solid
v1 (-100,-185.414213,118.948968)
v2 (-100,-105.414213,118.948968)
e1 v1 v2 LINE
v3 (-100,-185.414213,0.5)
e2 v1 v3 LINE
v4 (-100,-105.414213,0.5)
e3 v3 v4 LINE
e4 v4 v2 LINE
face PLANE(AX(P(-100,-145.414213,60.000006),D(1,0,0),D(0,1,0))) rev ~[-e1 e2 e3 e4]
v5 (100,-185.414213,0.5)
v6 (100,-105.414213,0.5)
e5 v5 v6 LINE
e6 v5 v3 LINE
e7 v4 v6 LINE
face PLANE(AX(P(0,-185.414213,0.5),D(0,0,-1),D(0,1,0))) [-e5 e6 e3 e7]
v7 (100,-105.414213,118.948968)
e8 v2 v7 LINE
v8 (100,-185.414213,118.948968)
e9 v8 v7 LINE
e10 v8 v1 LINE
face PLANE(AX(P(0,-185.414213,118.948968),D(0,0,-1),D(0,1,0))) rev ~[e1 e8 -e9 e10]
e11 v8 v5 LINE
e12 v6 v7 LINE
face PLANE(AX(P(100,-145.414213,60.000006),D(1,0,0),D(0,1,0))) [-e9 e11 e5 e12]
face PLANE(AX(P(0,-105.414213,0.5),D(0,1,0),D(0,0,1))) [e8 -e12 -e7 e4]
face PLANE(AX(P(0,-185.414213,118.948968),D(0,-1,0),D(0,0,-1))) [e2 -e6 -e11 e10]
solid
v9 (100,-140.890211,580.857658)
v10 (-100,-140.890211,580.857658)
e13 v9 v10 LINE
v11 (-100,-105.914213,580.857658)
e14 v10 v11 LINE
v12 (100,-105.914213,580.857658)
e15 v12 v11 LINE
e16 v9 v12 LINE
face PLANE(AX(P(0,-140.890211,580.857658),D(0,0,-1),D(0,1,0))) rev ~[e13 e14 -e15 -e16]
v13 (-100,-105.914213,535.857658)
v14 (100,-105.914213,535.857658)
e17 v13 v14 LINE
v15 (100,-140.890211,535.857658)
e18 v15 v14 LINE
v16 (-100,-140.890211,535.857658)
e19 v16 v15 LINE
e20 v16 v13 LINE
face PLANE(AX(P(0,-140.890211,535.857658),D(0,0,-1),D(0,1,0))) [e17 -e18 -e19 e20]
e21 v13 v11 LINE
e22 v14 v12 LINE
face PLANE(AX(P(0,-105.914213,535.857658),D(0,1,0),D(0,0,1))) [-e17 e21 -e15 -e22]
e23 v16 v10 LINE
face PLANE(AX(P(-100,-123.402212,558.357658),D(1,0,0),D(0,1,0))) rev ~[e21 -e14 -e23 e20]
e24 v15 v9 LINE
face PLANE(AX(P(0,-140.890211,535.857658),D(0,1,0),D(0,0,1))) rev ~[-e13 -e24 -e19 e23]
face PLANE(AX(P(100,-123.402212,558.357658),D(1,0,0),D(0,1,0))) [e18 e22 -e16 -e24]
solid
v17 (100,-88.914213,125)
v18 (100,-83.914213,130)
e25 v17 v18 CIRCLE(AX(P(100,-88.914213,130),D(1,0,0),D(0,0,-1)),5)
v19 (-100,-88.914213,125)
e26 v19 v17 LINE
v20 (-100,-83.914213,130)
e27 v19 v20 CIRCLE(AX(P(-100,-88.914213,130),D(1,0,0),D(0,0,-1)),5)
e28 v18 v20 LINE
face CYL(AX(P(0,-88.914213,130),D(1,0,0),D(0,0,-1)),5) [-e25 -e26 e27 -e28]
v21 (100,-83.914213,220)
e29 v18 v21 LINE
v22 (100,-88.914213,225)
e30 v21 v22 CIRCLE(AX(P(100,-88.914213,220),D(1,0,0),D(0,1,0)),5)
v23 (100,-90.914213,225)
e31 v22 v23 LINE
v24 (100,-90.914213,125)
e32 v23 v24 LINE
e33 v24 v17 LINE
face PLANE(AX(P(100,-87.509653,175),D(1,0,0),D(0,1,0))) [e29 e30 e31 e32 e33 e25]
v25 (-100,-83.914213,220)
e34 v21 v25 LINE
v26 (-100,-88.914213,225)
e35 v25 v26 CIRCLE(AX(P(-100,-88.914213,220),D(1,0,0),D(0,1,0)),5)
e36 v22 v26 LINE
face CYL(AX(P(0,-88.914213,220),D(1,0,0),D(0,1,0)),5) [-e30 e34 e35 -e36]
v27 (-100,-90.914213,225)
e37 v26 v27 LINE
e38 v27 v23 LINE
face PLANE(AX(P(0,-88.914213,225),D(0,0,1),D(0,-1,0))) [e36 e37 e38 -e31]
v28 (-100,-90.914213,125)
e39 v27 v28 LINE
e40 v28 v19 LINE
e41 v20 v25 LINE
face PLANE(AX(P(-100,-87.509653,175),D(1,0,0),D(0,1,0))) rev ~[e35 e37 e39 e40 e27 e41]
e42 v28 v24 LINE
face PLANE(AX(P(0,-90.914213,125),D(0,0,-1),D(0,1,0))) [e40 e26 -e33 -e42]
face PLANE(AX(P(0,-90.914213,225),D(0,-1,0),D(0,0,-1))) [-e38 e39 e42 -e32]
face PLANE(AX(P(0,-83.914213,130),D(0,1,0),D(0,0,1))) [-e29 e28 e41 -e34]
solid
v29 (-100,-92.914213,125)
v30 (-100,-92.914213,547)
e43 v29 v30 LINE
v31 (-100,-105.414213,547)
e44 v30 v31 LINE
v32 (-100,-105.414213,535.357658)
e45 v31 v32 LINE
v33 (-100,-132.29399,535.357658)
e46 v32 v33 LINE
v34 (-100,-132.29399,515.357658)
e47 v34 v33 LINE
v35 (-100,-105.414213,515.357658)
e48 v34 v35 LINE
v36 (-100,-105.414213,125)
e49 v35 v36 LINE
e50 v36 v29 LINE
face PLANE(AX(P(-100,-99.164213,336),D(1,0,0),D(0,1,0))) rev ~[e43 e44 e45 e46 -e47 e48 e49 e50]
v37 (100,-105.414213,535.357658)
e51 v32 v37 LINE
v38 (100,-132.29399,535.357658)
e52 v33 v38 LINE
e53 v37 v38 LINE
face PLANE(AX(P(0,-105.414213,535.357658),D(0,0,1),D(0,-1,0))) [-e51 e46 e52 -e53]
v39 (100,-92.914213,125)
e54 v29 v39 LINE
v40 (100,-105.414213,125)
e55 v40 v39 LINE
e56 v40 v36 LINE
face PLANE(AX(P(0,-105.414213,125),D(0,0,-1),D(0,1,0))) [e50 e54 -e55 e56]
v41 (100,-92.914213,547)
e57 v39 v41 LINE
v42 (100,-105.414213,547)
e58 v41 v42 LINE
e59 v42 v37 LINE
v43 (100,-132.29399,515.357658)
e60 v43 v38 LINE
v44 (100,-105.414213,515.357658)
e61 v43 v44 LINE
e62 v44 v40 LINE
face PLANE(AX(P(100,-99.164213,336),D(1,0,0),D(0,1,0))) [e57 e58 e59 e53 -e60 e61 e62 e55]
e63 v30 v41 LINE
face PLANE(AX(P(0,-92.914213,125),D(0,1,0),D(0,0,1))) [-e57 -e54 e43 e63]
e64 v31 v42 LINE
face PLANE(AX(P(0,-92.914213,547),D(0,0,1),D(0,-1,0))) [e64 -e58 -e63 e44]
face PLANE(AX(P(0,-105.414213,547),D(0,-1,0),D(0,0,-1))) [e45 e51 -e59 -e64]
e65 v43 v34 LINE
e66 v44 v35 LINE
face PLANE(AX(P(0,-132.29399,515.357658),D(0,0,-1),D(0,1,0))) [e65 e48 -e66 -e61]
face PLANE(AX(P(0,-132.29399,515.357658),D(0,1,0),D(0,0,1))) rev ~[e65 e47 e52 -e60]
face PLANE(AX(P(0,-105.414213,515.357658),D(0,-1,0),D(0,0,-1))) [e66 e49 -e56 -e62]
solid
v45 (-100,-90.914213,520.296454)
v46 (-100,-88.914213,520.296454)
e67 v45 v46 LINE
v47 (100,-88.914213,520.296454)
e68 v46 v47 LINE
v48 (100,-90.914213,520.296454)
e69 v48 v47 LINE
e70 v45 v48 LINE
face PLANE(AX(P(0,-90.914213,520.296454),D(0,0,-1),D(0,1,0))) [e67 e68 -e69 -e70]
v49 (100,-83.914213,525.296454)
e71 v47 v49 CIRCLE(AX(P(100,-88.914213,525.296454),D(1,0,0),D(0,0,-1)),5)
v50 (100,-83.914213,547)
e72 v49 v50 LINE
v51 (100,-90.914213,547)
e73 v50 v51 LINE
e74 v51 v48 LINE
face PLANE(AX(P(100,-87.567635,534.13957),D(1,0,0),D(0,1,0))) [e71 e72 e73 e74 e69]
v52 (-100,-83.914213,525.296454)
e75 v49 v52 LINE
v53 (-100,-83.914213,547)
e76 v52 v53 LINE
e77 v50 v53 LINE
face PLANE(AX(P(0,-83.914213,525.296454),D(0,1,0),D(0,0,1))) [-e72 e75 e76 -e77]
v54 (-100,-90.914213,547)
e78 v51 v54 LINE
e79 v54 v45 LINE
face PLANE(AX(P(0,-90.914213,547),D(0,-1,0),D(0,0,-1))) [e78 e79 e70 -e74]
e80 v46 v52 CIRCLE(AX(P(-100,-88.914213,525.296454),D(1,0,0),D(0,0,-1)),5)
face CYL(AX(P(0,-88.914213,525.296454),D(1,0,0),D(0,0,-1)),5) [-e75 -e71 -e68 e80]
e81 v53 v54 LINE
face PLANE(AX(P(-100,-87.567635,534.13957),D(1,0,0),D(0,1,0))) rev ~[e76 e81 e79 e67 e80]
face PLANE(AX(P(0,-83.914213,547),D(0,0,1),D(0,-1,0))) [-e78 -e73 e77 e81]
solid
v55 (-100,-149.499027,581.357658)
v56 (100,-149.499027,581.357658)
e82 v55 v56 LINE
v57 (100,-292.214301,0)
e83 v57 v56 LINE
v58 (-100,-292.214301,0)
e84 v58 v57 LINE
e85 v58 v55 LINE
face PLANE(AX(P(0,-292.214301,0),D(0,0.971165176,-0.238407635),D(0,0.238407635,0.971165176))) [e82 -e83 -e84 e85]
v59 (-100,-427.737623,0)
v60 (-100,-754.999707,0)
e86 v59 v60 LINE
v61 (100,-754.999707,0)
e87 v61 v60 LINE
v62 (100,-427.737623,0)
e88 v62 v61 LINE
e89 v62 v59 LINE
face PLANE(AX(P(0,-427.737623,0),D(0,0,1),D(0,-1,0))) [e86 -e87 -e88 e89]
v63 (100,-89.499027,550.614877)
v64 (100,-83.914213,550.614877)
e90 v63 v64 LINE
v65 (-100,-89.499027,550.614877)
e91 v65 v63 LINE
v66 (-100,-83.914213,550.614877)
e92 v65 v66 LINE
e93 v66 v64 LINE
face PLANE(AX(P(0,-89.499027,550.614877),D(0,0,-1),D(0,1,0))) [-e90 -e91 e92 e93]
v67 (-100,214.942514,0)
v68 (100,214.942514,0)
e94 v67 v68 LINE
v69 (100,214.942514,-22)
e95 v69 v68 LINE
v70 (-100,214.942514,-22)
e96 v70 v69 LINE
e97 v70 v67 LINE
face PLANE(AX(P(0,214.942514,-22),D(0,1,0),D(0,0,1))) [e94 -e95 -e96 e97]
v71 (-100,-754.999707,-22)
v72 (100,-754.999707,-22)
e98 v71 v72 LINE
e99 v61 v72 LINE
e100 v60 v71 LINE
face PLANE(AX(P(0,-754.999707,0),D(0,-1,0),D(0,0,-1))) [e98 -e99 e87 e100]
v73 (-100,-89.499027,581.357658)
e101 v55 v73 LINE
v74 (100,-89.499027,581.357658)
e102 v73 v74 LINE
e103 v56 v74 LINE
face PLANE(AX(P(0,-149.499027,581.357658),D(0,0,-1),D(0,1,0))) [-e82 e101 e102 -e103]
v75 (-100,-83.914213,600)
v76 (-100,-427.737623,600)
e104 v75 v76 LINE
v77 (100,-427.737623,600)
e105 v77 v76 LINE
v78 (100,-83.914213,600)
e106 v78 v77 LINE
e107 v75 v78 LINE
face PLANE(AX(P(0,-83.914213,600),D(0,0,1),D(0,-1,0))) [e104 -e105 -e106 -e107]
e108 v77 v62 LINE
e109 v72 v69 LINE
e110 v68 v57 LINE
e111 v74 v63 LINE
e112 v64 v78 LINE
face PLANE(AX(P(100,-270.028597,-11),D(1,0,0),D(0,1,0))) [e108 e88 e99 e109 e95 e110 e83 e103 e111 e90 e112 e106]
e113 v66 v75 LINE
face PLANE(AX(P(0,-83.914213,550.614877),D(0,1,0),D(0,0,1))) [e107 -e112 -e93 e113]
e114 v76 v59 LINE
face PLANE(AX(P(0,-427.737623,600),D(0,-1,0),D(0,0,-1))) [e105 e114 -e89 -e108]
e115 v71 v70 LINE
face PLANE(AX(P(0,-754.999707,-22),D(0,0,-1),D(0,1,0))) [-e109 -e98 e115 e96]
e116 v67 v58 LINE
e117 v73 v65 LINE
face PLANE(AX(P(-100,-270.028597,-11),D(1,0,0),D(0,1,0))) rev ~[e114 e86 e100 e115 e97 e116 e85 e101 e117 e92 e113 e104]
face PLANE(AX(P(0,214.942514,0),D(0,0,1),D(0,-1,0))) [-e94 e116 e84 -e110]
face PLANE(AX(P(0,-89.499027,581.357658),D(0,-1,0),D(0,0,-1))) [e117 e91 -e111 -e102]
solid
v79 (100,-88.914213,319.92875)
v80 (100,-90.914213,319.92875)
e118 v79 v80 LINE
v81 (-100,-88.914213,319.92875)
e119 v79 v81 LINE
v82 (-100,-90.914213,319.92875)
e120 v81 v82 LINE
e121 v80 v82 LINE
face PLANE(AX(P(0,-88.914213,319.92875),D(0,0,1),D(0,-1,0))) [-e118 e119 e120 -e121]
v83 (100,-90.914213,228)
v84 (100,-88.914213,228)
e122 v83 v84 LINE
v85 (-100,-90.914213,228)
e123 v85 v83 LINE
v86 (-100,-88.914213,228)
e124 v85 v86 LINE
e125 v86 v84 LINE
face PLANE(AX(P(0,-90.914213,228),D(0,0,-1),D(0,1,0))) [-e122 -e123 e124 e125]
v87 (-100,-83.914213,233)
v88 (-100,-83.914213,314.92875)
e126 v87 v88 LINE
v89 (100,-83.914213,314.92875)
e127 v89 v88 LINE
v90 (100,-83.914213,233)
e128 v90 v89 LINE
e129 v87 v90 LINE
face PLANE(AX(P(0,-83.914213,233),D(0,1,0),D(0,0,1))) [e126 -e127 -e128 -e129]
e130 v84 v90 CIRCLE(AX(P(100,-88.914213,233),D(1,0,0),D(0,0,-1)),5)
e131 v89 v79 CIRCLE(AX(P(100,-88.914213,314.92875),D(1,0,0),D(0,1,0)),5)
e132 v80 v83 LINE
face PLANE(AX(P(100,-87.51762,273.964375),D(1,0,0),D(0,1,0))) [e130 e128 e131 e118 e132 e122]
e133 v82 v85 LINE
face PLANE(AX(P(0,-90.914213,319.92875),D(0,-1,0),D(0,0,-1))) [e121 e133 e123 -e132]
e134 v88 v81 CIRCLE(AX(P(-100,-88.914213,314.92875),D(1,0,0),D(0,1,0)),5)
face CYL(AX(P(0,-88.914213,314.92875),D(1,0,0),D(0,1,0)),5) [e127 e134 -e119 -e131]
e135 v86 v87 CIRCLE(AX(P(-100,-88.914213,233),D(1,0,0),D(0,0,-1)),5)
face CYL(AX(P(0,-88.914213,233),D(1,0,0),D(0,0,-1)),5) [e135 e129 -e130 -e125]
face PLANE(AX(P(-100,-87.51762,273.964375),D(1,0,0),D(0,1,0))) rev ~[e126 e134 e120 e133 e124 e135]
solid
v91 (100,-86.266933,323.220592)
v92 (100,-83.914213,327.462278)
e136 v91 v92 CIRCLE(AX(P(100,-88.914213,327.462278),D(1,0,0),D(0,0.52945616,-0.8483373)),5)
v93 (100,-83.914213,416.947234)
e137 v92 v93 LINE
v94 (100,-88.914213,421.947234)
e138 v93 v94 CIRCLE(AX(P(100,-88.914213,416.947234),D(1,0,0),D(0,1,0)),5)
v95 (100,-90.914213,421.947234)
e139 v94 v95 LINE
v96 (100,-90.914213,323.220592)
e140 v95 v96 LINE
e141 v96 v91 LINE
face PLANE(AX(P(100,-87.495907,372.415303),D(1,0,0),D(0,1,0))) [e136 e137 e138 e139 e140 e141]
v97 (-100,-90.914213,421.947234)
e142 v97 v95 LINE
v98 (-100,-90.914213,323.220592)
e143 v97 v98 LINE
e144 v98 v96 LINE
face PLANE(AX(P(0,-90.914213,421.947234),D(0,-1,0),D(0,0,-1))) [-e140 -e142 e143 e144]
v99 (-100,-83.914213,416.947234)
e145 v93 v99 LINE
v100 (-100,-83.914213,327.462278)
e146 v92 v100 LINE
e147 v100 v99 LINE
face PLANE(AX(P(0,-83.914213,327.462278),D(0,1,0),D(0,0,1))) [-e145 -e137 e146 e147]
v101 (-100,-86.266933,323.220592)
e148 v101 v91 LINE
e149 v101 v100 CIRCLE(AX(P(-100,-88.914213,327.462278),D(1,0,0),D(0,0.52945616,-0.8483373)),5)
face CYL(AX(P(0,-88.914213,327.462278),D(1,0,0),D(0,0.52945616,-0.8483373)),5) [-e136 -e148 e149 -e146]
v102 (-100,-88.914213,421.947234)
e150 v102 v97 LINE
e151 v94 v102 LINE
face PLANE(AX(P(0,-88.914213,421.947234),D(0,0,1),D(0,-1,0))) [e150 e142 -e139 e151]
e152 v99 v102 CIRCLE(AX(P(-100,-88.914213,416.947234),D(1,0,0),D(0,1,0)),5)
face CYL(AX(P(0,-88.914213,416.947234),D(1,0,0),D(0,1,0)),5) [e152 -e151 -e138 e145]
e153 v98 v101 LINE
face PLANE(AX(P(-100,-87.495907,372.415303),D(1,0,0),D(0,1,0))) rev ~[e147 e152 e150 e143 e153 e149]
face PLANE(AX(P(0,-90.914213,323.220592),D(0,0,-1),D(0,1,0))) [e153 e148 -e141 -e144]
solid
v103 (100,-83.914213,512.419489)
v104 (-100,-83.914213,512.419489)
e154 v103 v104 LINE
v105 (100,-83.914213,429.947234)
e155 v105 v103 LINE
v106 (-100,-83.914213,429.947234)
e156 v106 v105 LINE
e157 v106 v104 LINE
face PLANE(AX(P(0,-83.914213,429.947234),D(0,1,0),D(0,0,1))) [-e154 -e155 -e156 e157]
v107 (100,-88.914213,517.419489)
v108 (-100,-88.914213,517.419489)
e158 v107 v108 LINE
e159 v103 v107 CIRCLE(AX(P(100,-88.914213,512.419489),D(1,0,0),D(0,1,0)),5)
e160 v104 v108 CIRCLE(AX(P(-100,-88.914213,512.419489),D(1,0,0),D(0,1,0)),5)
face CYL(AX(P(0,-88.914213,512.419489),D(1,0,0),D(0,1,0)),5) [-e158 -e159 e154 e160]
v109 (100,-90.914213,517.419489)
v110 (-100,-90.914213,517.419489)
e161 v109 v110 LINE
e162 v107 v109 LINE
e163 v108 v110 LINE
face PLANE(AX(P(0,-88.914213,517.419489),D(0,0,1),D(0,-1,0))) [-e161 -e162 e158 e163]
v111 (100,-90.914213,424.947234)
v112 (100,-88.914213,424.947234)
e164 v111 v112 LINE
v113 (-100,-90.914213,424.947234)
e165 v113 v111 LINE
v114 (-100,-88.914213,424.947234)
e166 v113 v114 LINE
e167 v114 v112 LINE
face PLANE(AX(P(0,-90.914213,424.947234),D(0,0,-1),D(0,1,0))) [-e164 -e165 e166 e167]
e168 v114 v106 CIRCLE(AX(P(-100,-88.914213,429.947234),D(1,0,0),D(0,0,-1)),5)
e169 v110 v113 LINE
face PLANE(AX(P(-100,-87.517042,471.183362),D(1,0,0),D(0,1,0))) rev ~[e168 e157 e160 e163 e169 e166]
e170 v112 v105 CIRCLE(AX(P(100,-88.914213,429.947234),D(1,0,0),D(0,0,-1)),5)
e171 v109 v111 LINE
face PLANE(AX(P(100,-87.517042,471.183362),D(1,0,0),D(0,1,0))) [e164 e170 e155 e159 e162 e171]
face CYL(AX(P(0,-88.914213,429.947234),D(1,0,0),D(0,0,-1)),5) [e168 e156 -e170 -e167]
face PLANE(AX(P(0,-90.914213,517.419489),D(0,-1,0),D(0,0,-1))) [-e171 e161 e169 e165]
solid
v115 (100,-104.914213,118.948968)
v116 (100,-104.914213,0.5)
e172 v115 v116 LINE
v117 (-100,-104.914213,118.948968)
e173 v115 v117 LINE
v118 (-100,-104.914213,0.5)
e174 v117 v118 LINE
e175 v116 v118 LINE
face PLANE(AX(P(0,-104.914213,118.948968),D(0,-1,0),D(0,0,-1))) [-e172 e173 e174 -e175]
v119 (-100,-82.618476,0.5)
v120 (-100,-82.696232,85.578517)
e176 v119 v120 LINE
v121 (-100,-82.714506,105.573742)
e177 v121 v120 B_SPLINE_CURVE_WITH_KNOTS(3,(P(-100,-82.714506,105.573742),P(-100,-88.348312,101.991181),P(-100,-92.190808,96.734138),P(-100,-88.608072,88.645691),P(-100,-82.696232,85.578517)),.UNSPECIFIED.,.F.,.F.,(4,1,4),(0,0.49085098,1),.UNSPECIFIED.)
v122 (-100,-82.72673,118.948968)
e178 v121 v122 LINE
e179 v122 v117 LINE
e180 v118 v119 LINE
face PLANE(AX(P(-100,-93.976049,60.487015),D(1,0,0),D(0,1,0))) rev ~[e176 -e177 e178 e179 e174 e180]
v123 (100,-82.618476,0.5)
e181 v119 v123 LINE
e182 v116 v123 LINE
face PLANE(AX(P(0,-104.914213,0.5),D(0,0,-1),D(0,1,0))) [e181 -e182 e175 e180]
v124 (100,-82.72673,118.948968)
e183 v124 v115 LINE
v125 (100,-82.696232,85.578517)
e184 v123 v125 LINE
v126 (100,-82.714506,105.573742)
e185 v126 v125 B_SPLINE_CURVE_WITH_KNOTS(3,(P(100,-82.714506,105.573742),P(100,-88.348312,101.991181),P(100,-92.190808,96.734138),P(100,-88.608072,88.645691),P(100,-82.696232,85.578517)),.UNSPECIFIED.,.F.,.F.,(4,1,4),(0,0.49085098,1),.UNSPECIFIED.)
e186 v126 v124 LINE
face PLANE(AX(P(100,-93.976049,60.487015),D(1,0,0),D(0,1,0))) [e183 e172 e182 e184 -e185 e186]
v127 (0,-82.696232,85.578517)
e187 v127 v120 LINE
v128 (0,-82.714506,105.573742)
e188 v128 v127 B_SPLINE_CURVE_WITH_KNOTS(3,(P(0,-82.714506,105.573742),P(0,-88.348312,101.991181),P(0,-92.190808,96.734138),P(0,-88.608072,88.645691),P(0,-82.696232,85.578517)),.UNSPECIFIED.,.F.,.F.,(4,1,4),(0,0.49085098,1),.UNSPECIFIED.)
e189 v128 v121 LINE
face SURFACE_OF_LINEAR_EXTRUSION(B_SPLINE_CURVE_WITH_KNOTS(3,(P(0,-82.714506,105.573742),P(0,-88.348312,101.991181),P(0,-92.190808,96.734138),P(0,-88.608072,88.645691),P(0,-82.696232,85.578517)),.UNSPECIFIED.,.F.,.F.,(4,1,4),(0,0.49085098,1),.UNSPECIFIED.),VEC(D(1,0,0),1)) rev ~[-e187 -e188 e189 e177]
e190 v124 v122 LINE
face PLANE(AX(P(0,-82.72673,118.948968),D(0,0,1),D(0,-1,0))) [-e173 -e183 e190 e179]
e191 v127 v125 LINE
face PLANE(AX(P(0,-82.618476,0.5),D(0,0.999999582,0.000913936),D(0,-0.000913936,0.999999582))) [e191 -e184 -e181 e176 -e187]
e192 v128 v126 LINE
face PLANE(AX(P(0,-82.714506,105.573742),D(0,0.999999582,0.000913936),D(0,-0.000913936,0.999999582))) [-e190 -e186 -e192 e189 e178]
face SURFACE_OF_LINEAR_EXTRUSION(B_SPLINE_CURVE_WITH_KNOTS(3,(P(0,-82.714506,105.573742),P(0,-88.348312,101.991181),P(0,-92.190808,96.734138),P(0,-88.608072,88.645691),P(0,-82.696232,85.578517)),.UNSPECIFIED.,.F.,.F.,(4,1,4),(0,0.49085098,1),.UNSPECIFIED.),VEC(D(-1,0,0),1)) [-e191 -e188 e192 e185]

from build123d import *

# Parameters (mm, degrees)
F1_DEPTH      = 100
F1_DEPTH_BACK = 100
F0_W          = 34.9759974469
F0_H          = 45
F0_W_2        = 80
F0_H_2        = 39.9999883202
F0_H_3        = 39.5000116798
F0_H_4        = 38.9489678172
F0_W_3        = 23.8797763255
F0_H_5        = 20


with BuildPart() as f1:
    # F0 (on Right) → F1 (new body, two sides)
    with BuildSketch(Plane.YZ) as f1_sk:
        Polygon((-427.7376234531, 0), (-754.9997070302, 0), (-754.9997070302, -22), (214.9425135471, -22), (214.9425135471, 0), (-292.2143008412, 0), align=None)
        Polygon((-427.7376234531, 600), (-427.7376234531, 0), (-292.2143008412, 0), (-149.4990265369, 581.3576579094), (-89.4990265369, 581.3576579094), (-89.4990265369, 550.6148771089), (-83.9142134201, 550.6148771089), (-83.9142134201, 600), align=None)
    extrude(amount=F1_DEPTH)
    extrude(f1_sk.sketch, amount=-F1_DEPTH_BACK)


with BuildPart() as f1b:
    # F0 (on Right) → F1, piece 2 (new body, two sides)
    with BuildSketch(Plane.YZ) as f1_2_sk:
        with Locations((-123.4022121435, 558.3576579094)):
            Rectangle(F0_W, F0_H)
    extrude(amount=F1_DEPTH)
    extrude(f1_2_sk.sketch, amount=-F1_DEPTH_BACK)


with BuildPart() as f1c:
    # F0 (on Right) → F1, piece 3 (new body, two sides)
    with BuildSketch(Plane.YZ) as f1_3_sk:
        with Locations((-145.4142134201, 60.0000058399)):
            Rectangle(F0_W_2, F0_H_2)
        with Locations((-145.4142134201, 20.2500058399)):
            Rectangle(F0_W_2, F0_H_3)
        with Locations((-145.4142134201, 99.4744839086)):
            Rectangle(F0_W_2, F0_H_4)
    extrude(amount=F1_DEPTH)
    extrude(f1_3_sk.sketch, amount=-F1_DEPTH_BACK)


with BuildPart() as f1d:
    # F0 (on Right) → F1, piece 4 (new body, two sides)
    with BuildSketch(Plane.YZ) as f1_4_sk:
        with BuildLine():
            Line((-104.9142134201, 0.5), (-82.6184755082, 0.5))
            Line((-82.6184755082, 0.5), (-82.6962319007, 85.5785166937))
            add(Edge.make_bspline(
                [(-82.7145062746, 105.5737424313), (-88.3483122438, 101.991181286), (-92.1908083791, 96.734138044), (-88.6080723378, 88.645690703), (-82.6962319007, 85.5785166937)],
                knots=[0, 0, 0, 0, 0.4908509799, 1, 1, 1, 1], degree=3))
            Line((-82.7145062746, 105.5737424313), (-82.7267303861, 118.9489678172))
            Line((-82.7267303861, 118.9489678172), (-104.9142134201, 118.9489678172))
            Line((-104.9142134201, 118.9489678172), (-104.9142134201, 0.5))
        make_face()
    extrude(amount=F1_DEPTH)
    extrude(f1_4_sk.sketch, amount=-F1_DEPTH_BACK)


with BuildPart() as f1e:
    # F0 (on Right) → F1, piece 5 (new body, two sides)
    with BuildSketch(Plane.YZ) as f1_5_sk:
        Polygon((-105.4142134201, 515.3576579094), (-105.4142134201, 125), (-92.9142134201, 125), (-92.9142134201, 547), (-105.4142134201, 547), (-105.4142134201, 535.3576579094), align=None)
        Polygon((-107.2939897456, 515.3576579094), (-105.4142134201, 515.3576579094), (-105.4142134201, 535.3576579094), (-107.1194523898, 535.3576579094), align=None)
        Polygon((-108.4142134201, 515.3576579094), (-107.2939897456, 515.3576579094), (-107.1194523898, 535.3576579094), (-108.4142134201, 535.3576579094), align=None)
        with Locations((-120.3541015828, 525.3576579094)):
            Rectangle(F0_W_3, F0_H_5)
    extrude(amount=F1_DEPTH)
    extrude(f1_5_sk.sketch, amount=-F1_DEPTH_BACK)


with BuildPart() as f1f:
    # F0 (on Right) → F1, piece 6 (new body, two sides)
    with BuildSketch(Plane.YZ) as f1_6_sk:
        with BuildLine():
            Line((-88.9142134201, 225), (-90.9142134201, 225))
            Line((-90.9142134201, 225), (-90.9142134201, 125))
            Line((-90.9142134201, 125), (-88.9142134201, 125))
            ThreePointArc((-88.9142134201, 125), (-85.3786795141, 126.4644660941), (-83.9142134201, 130))
            Line((-83.9142134201, 130), (-83.9142134201, 220))
            ThreePointArc((-83.9142134201, 220), (-85.3786795141, 223.5355339059), (-88.9142134201, 225))
        make_face()
    extrude(amount=F1_DEPTH)
    extrude(f1_6_sk.sketch, amount=-F1_DEPTH_BACK)


with BuildPart() as f1g:
    # F0 (on Right) → F1, piece 7 (new body, two sides)
    with BuildSketch(Plane.YZ) as f1_7_sk:
        with BuildLine():
            Line((-90.9142134201, 319.9287502766), (-90.9142134201, 228))
            Line((-90.9142134201, 228), (-88.9142134201, 228))
            ThreePointArc((-88.9142134201, 228), (-85.3786795141, 229.4644660941), (-83.9142134201, 233))
            Line((-83.9142134201, 233), (-83.9142134201, 314.9287502766))
            ThreePointArc((-83.9142134201, 314.9287502766), (-85.3786795141, 318.4642841825), (-88.9142134201, 319.9287502766))
            Line((-88.9142134201, 319.9287502766), (-90.9142134201, 319.9287502766))
        make_face()
    extrude(amount=F1_DEPTH)
    extrude(f1_7_sk.sketch, amount=-F1_DEPTH_BACK)


with BuildPart() as f1h:
    # F0 (on Right) → F1, piece 8 (new body, two sides)
    with BuildSketch(Plane.YZ) as f1_8_sk:
        with BuildLine():
            Line((-88.9142134201, 421.9472338968), (-90.9142134201, 421.9472338968))
            Line((-90.9142134201, 421.9472338968), (-90.9142134201, 323.2205915266))
            Line((-90.9142134201, 323.2205915266), (-86.2669326212, 323.2205915266))
            ThreePointArc((-86.2669326212, 323.2205915266), (-84.5417767999, 325.0370361833), (-83.9142134201, 327.4622780275))
            Line((-83.9142134201, 327.4622780275), (-83.9142134201, 416.9472338968))
            ThreePointArc((-83.9142134201, 416.9472338968), (-85.3786795141, 420.4827678027), (-88.9142134201, 421.9472338968))
        make_face()
    extrude(amount=F1_DEPTH)
    extrude(f1_8_sk.sketch, amount=-F1_DEPTH_BACK)


with BuildPart() as f1i:
    # F0 (on Right) → F1, piece 9 (new body, two sides)
    with BuildSketch(Plane.YZ) as f1_9_sk:
        with BuildLine():
            Line((-90.9142134201, 517.4194891267), (-90.9142134201, 424.9472338968))
            Line((-90.9142134201, 424.9472338968), (-88.9142134201, 424.9472338968))
            ThreePointArc((-88.9142134201, 424.9472338968), (-85.3786795141, 426.4116999908), (-83.9142134201, 429.9472338968))
            Line((-83.9142134201, 429.9472338968), (-83.9142134201, 512.4194891267))
            ThreePointArc((-83.9142134201, 512.4194891267), (-85.3786795141, 515.9550230327), (-88.9142134201, 517.4194891267))
            Line((-88.9142134201, 517.4194891267), (-90.9142134201, 517.4194891267))
        make_face()
    extrude(amount=F1_DEPTH)
    extrude(f1_9_sk.sketch, amount=-F1_DEPTH_BACK)


with BuildPart() as f1j:
    # F0 (on Right) → F1, piece 10 (new body, two sides)
    with BuildSketch(Plane.YZ) as f1_10_sk:
        with BuildLine():
            Line((-90.9142134201, 547), (-90.9142134201, 520.2964544296))
            Line((-90.9142134201, 520.2964544296), (-88.9142134201, 520.2964544296))
            ThreePointArc((-88.9142134201, 520.2964544296), (-85.3786795141, 521.7609205237), (-83.9142134201, 525.2964544296))
            Line((-83.9142134201, 525.2964544296), (-83.9142134201, 547))
            Line((-83.9142134201, 547), (-90.9142134201, 547))
        make_face()
    extrude(amount=F1_DEPTH)
    extrude(f1_10_sk.sketch, amount=-F1_DEPTH_BACK)


solid = Compound([f1.part, f1b.part, f1c.part, f1d.part, f1e.part, f1f.part, f1g.part, f1h.part, f1i.part, f1j.part])
